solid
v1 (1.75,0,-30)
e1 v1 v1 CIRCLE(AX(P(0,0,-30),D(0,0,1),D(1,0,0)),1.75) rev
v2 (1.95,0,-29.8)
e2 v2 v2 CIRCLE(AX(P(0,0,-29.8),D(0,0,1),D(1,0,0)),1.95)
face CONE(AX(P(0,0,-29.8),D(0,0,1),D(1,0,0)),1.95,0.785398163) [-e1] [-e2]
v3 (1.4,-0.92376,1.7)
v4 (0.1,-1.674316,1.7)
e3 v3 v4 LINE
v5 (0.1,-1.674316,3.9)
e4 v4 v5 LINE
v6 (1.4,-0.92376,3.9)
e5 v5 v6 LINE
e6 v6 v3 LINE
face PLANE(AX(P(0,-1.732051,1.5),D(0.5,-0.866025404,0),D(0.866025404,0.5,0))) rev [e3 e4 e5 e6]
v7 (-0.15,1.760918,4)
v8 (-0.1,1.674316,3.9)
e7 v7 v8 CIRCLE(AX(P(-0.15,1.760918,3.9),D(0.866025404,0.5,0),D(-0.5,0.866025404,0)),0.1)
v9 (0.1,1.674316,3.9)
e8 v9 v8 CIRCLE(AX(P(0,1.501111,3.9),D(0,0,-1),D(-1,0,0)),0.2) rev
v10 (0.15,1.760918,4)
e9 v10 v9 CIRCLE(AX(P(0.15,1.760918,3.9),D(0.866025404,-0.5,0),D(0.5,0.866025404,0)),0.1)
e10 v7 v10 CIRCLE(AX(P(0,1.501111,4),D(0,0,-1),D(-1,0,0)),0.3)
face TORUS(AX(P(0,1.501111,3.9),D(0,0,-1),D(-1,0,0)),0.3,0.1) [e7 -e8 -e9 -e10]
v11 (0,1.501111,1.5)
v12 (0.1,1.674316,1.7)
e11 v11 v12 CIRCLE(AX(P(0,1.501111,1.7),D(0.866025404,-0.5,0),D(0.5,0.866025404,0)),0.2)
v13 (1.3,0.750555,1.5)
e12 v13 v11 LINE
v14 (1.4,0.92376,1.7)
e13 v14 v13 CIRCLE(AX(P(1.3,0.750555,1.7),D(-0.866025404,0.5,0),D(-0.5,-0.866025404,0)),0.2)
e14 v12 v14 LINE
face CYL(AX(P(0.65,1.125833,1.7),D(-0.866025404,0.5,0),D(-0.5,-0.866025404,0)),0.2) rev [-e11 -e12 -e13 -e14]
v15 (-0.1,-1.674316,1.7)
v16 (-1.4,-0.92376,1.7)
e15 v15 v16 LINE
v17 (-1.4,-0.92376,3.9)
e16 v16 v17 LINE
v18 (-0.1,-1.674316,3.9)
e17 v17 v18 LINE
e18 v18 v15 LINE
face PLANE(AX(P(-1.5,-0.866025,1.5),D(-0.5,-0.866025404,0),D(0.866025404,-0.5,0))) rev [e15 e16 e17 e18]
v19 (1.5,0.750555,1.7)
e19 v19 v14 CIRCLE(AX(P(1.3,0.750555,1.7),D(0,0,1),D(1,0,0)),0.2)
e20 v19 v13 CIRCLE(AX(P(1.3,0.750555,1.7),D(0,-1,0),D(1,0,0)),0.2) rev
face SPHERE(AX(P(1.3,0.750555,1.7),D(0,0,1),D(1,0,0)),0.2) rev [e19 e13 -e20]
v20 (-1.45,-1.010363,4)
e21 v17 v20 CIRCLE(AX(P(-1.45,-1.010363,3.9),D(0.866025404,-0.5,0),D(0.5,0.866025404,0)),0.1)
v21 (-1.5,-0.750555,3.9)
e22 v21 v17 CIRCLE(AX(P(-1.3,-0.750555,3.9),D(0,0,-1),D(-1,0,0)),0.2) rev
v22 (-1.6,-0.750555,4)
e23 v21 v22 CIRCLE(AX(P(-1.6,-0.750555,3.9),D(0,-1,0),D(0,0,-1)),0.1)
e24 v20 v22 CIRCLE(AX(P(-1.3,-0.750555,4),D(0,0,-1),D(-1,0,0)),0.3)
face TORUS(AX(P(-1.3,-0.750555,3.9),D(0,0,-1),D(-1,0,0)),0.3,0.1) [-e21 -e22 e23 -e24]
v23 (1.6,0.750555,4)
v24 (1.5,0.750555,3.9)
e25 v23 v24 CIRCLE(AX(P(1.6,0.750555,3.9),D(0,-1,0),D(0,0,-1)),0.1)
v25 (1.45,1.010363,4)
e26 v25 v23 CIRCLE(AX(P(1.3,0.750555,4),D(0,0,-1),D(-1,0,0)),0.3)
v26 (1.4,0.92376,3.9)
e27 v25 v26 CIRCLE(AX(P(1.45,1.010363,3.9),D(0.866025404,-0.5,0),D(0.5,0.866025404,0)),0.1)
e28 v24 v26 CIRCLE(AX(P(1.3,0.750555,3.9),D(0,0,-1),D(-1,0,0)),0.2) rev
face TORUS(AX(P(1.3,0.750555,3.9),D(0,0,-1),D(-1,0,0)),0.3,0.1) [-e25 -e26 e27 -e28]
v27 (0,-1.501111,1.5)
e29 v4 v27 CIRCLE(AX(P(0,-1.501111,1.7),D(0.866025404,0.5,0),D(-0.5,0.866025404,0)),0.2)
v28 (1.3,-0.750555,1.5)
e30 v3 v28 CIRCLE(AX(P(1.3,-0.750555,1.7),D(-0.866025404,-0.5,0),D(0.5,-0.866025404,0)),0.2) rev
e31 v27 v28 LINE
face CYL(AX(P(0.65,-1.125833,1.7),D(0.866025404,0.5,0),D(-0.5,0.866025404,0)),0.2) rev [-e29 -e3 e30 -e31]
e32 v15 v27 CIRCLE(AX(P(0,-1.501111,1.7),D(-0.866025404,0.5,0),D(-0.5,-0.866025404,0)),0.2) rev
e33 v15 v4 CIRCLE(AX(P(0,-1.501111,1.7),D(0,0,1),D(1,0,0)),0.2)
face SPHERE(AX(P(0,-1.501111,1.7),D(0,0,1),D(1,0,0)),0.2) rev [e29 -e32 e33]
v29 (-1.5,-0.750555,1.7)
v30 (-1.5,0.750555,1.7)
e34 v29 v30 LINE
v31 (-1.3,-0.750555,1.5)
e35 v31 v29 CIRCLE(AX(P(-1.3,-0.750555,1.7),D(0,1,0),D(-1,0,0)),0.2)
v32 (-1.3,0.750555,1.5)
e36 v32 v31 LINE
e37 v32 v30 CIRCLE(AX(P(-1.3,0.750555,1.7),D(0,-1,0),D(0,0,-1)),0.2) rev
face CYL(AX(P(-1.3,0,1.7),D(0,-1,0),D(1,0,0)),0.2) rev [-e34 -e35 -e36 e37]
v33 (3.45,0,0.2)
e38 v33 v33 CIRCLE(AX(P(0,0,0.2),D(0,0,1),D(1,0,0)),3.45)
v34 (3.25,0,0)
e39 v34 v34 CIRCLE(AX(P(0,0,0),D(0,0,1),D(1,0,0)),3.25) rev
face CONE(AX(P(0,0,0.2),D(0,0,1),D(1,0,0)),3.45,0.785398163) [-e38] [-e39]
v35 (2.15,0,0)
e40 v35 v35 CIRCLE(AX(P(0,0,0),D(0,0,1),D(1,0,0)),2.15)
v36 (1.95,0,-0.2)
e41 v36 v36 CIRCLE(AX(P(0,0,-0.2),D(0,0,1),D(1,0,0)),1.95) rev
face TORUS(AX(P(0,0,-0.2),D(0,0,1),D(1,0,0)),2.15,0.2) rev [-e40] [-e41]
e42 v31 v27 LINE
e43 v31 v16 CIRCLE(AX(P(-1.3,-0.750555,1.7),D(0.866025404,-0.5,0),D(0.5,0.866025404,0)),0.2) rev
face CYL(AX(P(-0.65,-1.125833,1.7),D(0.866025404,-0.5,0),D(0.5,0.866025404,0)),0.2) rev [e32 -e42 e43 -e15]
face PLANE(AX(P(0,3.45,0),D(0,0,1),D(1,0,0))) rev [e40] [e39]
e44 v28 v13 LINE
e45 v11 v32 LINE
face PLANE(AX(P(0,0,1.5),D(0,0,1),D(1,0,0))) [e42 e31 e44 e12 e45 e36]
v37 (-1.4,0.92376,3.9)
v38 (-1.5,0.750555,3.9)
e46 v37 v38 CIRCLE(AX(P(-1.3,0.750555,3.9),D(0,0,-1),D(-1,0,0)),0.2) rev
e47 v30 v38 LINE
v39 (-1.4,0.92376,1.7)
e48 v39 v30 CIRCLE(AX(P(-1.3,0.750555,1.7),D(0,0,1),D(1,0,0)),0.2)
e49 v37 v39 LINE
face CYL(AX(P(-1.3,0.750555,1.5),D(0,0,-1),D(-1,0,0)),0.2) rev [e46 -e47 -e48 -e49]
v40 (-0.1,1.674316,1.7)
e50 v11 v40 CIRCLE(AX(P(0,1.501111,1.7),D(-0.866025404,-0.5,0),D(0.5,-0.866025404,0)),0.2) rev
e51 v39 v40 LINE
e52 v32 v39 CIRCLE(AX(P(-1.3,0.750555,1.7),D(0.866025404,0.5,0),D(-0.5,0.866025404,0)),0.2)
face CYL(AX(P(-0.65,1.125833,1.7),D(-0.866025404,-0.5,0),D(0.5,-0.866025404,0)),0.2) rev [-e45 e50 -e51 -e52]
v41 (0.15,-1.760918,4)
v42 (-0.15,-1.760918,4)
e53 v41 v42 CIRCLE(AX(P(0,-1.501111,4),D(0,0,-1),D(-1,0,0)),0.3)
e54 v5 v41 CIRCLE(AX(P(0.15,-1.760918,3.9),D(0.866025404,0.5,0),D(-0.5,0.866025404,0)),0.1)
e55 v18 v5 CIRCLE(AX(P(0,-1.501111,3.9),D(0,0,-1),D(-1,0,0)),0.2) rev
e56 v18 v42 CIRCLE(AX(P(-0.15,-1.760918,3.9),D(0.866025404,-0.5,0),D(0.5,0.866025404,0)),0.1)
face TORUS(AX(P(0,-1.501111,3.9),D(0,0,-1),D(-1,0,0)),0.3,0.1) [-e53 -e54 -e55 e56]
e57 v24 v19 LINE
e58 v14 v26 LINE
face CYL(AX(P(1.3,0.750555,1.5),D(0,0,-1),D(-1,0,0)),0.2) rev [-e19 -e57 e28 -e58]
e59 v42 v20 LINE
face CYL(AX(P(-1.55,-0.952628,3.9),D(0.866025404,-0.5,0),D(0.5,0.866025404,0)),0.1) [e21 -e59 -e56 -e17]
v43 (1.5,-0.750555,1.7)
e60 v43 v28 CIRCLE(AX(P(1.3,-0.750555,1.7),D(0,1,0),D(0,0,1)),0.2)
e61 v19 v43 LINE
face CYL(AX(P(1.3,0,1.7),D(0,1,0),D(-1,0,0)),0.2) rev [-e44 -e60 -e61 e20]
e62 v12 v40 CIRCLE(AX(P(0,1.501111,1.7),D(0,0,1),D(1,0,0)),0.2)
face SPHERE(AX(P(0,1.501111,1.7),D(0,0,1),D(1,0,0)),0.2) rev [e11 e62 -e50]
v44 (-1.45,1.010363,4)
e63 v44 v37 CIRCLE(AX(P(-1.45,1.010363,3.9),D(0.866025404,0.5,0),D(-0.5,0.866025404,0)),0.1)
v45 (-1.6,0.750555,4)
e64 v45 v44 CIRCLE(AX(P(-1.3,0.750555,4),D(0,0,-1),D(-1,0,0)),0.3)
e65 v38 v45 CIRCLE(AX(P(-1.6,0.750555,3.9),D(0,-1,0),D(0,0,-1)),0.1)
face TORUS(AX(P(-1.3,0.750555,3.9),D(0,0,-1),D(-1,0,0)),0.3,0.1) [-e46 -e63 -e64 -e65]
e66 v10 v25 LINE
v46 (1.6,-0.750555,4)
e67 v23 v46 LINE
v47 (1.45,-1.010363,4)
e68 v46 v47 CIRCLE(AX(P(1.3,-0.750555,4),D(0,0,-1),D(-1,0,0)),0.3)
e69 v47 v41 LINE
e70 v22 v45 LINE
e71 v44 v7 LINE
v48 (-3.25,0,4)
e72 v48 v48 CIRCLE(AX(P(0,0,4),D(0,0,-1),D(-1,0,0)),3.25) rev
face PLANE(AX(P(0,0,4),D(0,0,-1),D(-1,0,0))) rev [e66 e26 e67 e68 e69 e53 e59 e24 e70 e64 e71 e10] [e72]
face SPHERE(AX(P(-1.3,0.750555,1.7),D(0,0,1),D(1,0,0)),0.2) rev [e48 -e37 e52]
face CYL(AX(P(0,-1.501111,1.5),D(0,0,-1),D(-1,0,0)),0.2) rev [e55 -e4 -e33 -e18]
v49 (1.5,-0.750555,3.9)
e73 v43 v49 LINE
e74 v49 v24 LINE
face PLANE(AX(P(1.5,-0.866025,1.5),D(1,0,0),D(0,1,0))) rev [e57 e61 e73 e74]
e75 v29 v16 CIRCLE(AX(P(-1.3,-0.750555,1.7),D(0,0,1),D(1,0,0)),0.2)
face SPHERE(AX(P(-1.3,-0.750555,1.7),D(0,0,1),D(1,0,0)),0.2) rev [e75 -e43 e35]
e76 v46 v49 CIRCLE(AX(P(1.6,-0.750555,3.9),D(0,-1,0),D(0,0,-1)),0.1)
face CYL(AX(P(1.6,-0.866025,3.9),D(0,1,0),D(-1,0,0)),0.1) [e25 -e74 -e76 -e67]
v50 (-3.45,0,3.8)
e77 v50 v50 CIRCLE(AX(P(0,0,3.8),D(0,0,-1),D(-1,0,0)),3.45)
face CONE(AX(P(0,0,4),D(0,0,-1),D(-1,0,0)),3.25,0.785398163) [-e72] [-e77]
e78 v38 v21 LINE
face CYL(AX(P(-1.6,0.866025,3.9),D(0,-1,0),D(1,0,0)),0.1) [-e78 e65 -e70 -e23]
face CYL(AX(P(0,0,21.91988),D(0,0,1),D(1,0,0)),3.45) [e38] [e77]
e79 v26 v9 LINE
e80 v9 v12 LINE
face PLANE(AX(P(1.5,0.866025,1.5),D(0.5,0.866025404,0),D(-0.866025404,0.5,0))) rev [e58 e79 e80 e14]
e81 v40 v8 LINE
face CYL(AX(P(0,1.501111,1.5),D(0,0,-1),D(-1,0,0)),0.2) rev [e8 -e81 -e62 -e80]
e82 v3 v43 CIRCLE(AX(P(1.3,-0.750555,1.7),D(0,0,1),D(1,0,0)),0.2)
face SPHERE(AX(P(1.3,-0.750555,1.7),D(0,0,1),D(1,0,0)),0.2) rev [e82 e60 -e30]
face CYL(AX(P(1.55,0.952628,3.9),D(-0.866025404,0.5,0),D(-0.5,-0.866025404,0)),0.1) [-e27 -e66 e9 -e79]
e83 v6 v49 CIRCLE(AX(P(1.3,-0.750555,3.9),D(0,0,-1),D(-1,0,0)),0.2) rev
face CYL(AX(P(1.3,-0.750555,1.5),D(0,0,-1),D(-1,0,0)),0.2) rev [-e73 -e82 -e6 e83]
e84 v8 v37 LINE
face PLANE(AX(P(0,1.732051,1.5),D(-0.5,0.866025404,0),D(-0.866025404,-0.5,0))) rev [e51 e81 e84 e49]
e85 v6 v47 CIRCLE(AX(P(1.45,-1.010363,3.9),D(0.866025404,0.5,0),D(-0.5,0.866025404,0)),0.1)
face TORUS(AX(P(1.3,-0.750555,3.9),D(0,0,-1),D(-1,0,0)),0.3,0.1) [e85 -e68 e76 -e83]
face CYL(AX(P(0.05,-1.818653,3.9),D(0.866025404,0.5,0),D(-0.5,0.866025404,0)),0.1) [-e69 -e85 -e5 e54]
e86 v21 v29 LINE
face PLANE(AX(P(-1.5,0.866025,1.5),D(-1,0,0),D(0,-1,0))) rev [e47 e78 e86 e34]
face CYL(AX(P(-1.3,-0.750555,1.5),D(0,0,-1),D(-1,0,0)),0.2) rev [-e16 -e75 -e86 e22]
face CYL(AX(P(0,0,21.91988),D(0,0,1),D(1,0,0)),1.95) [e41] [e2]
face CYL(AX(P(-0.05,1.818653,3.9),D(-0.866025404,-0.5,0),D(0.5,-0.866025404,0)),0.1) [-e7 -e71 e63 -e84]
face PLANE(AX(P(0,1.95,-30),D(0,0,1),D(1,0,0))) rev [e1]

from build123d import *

# Parameters (mm, degrees)
SCHNITT_LINEAR_AUSTRAGEN1_DEPTH = 2.5
FASE1_SIZE                      = 0.2
VERRUNDUNG1_R                   = 0.2
VERRUNDUNG2_R                   = 0.1


with BuildPart() as part:
    # Skizze1 → Rotation1 (revolve)
    with BuildSketch(Plane(origin=(0, 0, 0), x_dir=(0, 0, -1), z_dir=(1, 0, 0))):
        Polygon((-4, 0), (-4, 3.45), (0, 3.45), (0, 1.95), (30, 1.95), (30, 0), align=None)
    revolve(axis=Axis((0, 0, 21.919879518), (0, 0, -1)))

    # Skizze2 → Schnitt-Linear austragen1 (cut)
    with BuildSketch(Plane.XY.offset(4)):
        Polygon((1.5, -0.866025404), (1.5, 0.866025404), (0, 1.732050808), (-1.5, 0.866025404), (-1.5, -0.866025404), (0, -1.732050808), align=None)
    extrude(amount=-SCHNITT_LINEAR_AUSTRAGEN1_DEPTH, mode=Mode.SUBTRACT)

    # Fase1
    fase1_edges = [part.edges().sort_by_distance(p)[0] for p in [
        (0, -3.45, 4),
        (0, -3.45, 0),
        (0, -1.95, -30),
    ]]
    chamfer(fase1_edges, length=FASE1_SIZE)

    # Verrundung1
    verrundung1_edges = [part.edges().sort_by_distance(p)[0] for p in [
        (-0.75, -1.299038106, 1.5),
        (-1.5, 0, 1.5),
        (-0.75, 1.299038106, 1.5),
        (0.75, 1.299038106, 1.5),
        (1.5, 0, 1.5),
        (0.75, -1.299038106, 1.5),
        (-1.5, -0.866025404, 2.75),
        (0, -1.732050808, 2.75),
        (1.5, -0.866025404, 2.75),
        (1.5, 0.866025404, 2.75),
        (0, 1.732050808, 2.75),
        (-1.5, 0.866025404, 2.75),
        (0, -1.95, 0),
    ]]
    fillet(verrundung1_edges, radius=VERRUNDUNG1_R)

    # Verrundung2
    verrundung2_edges = [part.edges().sort_by_distance(p)[0] for p in [
        (1.473205081, -0.85055535, 4),
        (0.75, -1.299038106, 4),
        (0, -1.7011107, 4),
        (-0.75, -1.299038106, 4),
        (-1.473205081, -0.85055535, 4),
        (-1.5, 0, 4),
        (-1.473205081, 0.85055535, 4),
        (-0.75, 1.299038106, 4),
        (0, 1.7011107, 4),
        (0.75, 1.299038106, 4),
        (1.473205081, 0.85055535, 4),
        (1.5, 0, 4),
    ]]
    fillet(verrundung2_edges, radius=VERRUNDUNG2_R)


solid = part.part
